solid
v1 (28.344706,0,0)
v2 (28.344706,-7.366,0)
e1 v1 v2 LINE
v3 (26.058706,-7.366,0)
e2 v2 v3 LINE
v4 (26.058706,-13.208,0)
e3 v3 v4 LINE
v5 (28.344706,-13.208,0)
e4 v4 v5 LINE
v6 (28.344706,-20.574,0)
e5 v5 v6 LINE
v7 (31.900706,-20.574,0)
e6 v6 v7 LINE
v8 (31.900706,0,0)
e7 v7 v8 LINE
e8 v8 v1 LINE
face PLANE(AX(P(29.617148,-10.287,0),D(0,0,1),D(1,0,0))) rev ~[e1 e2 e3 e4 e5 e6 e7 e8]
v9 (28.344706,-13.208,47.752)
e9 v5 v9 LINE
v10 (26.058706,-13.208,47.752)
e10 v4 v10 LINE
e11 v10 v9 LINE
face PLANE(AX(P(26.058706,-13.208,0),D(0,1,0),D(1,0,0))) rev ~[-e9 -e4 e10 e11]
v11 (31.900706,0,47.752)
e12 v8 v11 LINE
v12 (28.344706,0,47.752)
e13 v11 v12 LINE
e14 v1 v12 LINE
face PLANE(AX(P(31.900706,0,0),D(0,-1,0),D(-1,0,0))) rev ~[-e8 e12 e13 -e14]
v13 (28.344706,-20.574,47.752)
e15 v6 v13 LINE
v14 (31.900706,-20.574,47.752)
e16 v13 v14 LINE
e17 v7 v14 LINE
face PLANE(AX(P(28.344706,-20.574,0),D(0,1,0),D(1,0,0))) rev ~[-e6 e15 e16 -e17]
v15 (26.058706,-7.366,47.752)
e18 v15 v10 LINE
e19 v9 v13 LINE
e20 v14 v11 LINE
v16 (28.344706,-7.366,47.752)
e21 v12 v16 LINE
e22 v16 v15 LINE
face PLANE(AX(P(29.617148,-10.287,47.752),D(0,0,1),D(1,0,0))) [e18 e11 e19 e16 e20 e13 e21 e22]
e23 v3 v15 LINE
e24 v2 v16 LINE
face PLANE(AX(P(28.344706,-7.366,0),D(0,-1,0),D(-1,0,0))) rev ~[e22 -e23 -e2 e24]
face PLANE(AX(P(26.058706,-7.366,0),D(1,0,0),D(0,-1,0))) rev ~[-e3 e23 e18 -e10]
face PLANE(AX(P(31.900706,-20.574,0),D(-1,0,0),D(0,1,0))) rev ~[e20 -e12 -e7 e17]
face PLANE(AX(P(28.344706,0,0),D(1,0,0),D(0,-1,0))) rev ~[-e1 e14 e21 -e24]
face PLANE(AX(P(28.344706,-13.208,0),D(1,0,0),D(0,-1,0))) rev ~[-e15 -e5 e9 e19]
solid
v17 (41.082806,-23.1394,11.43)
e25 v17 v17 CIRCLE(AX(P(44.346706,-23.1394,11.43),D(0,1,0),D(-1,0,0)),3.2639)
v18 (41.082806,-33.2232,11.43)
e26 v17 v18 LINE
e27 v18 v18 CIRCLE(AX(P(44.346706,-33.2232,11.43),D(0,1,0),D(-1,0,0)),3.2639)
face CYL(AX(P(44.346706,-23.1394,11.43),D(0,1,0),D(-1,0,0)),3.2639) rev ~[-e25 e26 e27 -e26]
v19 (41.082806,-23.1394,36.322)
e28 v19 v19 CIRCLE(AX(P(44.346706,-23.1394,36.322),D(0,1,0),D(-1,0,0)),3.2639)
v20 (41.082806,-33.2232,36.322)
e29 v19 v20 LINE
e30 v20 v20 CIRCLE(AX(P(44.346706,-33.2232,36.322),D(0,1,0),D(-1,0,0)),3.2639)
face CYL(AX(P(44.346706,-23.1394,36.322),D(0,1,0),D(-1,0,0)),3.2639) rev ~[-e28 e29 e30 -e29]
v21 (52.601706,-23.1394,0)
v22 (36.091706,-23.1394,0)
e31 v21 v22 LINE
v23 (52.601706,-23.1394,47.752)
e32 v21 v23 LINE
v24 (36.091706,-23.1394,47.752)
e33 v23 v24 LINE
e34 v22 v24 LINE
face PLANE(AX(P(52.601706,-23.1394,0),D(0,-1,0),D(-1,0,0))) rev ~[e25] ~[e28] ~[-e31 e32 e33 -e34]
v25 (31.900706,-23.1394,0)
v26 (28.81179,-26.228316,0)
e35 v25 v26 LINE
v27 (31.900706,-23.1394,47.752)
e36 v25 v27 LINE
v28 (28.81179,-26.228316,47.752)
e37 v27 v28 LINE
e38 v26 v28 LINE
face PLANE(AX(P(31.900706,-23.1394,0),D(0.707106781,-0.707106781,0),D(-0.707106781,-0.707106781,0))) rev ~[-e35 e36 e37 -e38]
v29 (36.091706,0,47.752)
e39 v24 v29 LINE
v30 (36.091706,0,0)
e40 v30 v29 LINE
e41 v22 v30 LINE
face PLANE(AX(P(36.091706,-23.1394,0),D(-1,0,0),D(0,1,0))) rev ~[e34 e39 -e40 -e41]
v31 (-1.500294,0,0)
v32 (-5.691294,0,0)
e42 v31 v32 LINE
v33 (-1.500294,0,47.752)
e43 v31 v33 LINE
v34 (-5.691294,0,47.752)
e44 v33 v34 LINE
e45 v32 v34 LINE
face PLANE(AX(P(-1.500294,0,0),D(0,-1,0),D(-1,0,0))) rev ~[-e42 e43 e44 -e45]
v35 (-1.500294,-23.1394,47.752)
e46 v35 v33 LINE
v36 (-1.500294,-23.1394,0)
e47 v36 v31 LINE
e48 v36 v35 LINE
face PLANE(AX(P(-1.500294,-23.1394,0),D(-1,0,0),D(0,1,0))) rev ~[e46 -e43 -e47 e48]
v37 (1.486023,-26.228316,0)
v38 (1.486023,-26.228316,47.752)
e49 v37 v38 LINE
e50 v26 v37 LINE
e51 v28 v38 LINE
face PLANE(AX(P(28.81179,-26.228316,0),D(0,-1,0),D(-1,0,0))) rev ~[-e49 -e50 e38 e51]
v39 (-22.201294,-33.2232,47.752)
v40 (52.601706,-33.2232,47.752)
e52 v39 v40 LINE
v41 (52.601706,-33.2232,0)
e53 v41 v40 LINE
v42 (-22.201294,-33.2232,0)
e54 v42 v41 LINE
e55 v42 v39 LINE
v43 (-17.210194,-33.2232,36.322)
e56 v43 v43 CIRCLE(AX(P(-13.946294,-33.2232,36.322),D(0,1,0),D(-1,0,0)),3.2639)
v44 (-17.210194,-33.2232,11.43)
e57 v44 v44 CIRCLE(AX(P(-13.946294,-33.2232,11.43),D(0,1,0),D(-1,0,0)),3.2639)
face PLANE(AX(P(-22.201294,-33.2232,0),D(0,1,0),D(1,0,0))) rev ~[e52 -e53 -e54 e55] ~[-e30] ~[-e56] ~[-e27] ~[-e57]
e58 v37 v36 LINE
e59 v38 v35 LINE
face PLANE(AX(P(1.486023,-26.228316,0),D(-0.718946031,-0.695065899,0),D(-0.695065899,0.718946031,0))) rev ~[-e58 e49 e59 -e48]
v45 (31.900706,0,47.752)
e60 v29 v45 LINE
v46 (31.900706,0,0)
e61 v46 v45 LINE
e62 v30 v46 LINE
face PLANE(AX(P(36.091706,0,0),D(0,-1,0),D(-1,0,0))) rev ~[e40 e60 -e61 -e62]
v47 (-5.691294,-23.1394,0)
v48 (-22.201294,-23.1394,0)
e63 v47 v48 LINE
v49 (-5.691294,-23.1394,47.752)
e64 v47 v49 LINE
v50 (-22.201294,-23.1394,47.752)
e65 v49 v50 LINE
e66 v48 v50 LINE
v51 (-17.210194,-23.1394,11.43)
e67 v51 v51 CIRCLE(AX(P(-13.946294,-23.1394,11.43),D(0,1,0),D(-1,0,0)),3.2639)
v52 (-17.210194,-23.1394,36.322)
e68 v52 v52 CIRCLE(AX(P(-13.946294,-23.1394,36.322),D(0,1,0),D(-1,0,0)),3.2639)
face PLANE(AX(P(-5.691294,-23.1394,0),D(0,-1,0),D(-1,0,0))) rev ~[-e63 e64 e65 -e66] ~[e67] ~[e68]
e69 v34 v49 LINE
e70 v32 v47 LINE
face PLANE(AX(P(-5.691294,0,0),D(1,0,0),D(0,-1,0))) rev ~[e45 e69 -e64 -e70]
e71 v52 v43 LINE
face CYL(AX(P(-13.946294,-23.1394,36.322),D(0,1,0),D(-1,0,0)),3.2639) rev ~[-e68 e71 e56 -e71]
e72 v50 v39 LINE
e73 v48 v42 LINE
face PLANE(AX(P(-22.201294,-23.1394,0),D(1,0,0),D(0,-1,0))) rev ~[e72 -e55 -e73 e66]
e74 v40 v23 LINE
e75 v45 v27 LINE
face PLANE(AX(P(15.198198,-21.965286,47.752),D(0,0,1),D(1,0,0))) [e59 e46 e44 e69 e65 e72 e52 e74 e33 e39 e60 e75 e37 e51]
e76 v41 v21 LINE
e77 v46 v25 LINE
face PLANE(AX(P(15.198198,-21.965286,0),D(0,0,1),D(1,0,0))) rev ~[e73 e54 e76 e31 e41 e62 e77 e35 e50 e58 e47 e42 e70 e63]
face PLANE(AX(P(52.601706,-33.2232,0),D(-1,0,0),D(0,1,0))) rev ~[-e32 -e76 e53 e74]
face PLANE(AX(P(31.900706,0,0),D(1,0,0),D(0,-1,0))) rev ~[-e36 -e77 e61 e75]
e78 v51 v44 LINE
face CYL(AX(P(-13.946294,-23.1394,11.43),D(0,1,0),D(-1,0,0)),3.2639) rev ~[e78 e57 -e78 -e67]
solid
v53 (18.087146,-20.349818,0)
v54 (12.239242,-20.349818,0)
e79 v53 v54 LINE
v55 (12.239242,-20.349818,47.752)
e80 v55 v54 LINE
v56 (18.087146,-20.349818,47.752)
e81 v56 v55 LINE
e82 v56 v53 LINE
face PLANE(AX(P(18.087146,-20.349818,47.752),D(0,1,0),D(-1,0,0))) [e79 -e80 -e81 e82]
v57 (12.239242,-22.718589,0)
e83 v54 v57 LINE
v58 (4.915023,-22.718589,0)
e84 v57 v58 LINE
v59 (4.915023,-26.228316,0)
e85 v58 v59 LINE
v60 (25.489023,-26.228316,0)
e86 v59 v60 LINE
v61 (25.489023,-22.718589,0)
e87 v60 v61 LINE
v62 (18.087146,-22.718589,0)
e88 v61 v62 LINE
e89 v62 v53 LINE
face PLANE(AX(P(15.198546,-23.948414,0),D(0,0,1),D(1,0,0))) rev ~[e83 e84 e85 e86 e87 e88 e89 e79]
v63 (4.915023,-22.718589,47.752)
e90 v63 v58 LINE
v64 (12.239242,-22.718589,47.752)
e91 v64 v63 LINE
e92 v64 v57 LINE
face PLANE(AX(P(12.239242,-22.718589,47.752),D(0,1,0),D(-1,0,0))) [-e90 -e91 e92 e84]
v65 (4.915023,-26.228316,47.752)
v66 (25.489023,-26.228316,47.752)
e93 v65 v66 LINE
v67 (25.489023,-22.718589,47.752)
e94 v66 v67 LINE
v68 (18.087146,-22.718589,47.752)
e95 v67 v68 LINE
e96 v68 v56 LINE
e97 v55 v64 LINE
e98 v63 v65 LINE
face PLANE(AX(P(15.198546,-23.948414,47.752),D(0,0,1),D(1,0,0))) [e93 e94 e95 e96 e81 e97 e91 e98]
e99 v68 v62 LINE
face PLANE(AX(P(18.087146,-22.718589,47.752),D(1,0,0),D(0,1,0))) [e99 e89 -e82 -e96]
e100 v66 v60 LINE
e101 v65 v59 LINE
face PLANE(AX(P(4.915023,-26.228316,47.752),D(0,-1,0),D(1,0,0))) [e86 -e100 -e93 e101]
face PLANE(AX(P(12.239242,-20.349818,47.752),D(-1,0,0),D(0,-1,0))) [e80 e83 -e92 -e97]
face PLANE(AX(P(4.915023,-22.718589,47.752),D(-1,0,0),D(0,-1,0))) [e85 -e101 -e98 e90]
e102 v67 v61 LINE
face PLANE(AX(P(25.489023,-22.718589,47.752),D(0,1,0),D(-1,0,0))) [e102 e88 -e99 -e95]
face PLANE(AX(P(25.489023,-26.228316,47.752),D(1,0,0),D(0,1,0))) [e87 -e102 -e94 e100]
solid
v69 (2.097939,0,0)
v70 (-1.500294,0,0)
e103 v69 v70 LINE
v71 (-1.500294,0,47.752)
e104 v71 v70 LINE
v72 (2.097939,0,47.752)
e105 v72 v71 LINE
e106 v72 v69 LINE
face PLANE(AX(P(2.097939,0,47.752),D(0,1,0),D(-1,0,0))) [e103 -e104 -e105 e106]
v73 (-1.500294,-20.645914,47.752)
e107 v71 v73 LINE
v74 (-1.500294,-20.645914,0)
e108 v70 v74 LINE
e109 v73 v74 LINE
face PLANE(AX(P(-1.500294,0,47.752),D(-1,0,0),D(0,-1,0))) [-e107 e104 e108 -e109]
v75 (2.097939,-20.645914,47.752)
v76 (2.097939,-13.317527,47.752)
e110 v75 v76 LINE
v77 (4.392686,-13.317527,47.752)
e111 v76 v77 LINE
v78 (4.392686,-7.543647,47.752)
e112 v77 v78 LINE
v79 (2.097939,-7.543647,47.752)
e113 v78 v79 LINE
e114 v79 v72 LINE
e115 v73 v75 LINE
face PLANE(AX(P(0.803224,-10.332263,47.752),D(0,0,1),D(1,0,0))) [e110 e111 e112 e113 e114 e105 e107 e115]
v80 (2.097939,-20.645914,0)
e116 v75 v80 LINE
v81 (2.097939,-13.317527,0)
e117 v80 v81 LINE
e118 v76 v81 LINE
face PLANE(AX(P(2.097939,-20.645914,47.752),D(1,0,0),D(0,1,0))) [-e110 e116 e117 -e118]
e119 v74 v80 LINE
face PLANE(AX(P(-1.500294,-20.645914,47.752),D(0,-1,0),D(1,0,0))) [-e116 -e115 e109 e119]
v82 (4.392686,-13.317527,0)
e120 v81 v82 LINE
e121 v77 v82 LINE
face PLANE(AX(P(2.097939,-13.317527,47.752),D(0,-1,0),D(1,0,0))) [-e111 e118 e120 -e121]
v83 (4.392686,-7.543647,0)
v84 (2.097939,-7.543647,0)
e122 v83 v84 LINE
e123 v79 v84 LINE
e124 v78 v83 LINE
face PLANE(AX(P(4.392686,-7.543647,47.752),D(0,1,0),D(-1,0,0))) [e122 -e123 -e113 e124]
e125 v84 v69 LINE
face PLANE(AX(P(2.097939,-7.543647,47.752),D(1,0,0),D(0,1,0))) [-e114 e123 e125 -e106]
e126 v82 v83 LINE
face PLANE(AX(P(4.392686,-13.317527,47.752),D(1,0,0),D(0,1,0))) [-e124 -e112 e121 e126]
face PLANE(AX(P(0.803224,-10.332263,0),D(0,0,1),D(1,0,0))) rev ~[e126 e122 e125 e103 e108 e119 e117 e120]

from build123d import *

# Parameters (mm, degrees)
BOSS_EXTRUDE1_DEPTH = 47.752
BOSS_EXTRUDE2_DEPTH = 47.752
BOSS_EXTRUDE3_DEPTH = 47.752
BOSS_EXTRUDE4_DEPTH = 47.752
SKETCH8_R           = 3.2639
CUT_EXTRUDE1_DEPTH  = 127


with BuildPart() as part:
    # Sketch1 → Boss-Extrude1 (new body)
    with BuildSketch(Plane.XY):
        Polygon((-22.201293822, -33.2232), (52.601706178, -33.2232), (52.601706178, -23.1394), (36.091706178, -23.1394), (36.091706178, 0), (31.900706178, 0), (31.900706178, -23.1394), (28.811789902, -26.228316275), (1.486022638, -26.228316275), (-1.500293822, -23.1394), (-1.500293822, 0), (-5.691293822, 0), (-5.691293822, -23.1394), (-22.201293822, -23.1394), align=None)
    extrude(amount=BOSS_EXTRUDE1_DEPTH)

    # Sketch8 → Cut-Extrude1 (cut)
    with BuildSketch(Plane(origin=(0, -23.1394, 0), x_dir=(-1, 0, 0), z_dir=(0, 1, 0))):
        with Locations((13.946293822, 11.43)):
            Circle(SKETCH8_R)
        with Locations((13.946293822, 36.322)):
            Circle(SKETCH8_R)
        with Locations((-44.346706178, 11.43)):
            Circle(SKETCH8_R)
        with Locations((-44.346706178, 36.322)):
            Circle(SKETCH8_R)
    extrude(amount=-CUT_EXTRUDE1_DEPTH, mode=Mode.SUBTRACT)


with BuildPart() as body_2:
    # Sketch2 → Boss-Extrude2 (new body)
    with BuildSketch(Plane(origin=(0, 0, 0), x_dir=(-1, 0, 0), z_dir=(0, 0, -1))):
        Polygon((-31.900706178, 0), (-28.344706178, 0), (-28.344706178, -7.366), (-26.058706178, -7.366), (-26.058706178, -13.208), (-28.344706178, -13.208), (-28.344706178, -20.574), (-31.900706178, -20.574), align=None)
    extrude(amount=-BOSS_EXTRUDE2_DEPTH)


with BuildPart() as body_3:
    # Sketch4 → Boss-Extrude3 (new body)
    with BuildSketch(Plane.XY.offset(47.752)):
        Polygon((-1.500293822, 0), (-1.500293822, -20.645913974), (2.097938777, -20.645913974), (2.097938777, -13.317527122), (4.392686175, -13.317527122), (4.392686175, -7.543646573), (2.097938777, -7.543646573), (2.097938777, 0), align=None)
    extrude(amount=-BOSS_EXTRUDE3_DEPTH)


with BuildPart() as body_4:
    # Sketch5 → Boss-Extrude4 (new body)
    with BuildSketch(Plane.XY.offset(47.752)):
        Polygon((4.915022638, -26.228316275), (25.489022638, -26.228316275), (25.489022638, -22.718589043), (18.087146452, -22.718589043), (18.087146452, -20.349817535), (12.239241793, -20.349817535), (12.239241793, -22.718589043), (4.915022638, -22.718589043), align=None)
    extrude(amount=-BOSS_EXTRUDE4_DEPTH)


solid = Compound([part.part, body_2.part, body_3.part, body_4.part])
